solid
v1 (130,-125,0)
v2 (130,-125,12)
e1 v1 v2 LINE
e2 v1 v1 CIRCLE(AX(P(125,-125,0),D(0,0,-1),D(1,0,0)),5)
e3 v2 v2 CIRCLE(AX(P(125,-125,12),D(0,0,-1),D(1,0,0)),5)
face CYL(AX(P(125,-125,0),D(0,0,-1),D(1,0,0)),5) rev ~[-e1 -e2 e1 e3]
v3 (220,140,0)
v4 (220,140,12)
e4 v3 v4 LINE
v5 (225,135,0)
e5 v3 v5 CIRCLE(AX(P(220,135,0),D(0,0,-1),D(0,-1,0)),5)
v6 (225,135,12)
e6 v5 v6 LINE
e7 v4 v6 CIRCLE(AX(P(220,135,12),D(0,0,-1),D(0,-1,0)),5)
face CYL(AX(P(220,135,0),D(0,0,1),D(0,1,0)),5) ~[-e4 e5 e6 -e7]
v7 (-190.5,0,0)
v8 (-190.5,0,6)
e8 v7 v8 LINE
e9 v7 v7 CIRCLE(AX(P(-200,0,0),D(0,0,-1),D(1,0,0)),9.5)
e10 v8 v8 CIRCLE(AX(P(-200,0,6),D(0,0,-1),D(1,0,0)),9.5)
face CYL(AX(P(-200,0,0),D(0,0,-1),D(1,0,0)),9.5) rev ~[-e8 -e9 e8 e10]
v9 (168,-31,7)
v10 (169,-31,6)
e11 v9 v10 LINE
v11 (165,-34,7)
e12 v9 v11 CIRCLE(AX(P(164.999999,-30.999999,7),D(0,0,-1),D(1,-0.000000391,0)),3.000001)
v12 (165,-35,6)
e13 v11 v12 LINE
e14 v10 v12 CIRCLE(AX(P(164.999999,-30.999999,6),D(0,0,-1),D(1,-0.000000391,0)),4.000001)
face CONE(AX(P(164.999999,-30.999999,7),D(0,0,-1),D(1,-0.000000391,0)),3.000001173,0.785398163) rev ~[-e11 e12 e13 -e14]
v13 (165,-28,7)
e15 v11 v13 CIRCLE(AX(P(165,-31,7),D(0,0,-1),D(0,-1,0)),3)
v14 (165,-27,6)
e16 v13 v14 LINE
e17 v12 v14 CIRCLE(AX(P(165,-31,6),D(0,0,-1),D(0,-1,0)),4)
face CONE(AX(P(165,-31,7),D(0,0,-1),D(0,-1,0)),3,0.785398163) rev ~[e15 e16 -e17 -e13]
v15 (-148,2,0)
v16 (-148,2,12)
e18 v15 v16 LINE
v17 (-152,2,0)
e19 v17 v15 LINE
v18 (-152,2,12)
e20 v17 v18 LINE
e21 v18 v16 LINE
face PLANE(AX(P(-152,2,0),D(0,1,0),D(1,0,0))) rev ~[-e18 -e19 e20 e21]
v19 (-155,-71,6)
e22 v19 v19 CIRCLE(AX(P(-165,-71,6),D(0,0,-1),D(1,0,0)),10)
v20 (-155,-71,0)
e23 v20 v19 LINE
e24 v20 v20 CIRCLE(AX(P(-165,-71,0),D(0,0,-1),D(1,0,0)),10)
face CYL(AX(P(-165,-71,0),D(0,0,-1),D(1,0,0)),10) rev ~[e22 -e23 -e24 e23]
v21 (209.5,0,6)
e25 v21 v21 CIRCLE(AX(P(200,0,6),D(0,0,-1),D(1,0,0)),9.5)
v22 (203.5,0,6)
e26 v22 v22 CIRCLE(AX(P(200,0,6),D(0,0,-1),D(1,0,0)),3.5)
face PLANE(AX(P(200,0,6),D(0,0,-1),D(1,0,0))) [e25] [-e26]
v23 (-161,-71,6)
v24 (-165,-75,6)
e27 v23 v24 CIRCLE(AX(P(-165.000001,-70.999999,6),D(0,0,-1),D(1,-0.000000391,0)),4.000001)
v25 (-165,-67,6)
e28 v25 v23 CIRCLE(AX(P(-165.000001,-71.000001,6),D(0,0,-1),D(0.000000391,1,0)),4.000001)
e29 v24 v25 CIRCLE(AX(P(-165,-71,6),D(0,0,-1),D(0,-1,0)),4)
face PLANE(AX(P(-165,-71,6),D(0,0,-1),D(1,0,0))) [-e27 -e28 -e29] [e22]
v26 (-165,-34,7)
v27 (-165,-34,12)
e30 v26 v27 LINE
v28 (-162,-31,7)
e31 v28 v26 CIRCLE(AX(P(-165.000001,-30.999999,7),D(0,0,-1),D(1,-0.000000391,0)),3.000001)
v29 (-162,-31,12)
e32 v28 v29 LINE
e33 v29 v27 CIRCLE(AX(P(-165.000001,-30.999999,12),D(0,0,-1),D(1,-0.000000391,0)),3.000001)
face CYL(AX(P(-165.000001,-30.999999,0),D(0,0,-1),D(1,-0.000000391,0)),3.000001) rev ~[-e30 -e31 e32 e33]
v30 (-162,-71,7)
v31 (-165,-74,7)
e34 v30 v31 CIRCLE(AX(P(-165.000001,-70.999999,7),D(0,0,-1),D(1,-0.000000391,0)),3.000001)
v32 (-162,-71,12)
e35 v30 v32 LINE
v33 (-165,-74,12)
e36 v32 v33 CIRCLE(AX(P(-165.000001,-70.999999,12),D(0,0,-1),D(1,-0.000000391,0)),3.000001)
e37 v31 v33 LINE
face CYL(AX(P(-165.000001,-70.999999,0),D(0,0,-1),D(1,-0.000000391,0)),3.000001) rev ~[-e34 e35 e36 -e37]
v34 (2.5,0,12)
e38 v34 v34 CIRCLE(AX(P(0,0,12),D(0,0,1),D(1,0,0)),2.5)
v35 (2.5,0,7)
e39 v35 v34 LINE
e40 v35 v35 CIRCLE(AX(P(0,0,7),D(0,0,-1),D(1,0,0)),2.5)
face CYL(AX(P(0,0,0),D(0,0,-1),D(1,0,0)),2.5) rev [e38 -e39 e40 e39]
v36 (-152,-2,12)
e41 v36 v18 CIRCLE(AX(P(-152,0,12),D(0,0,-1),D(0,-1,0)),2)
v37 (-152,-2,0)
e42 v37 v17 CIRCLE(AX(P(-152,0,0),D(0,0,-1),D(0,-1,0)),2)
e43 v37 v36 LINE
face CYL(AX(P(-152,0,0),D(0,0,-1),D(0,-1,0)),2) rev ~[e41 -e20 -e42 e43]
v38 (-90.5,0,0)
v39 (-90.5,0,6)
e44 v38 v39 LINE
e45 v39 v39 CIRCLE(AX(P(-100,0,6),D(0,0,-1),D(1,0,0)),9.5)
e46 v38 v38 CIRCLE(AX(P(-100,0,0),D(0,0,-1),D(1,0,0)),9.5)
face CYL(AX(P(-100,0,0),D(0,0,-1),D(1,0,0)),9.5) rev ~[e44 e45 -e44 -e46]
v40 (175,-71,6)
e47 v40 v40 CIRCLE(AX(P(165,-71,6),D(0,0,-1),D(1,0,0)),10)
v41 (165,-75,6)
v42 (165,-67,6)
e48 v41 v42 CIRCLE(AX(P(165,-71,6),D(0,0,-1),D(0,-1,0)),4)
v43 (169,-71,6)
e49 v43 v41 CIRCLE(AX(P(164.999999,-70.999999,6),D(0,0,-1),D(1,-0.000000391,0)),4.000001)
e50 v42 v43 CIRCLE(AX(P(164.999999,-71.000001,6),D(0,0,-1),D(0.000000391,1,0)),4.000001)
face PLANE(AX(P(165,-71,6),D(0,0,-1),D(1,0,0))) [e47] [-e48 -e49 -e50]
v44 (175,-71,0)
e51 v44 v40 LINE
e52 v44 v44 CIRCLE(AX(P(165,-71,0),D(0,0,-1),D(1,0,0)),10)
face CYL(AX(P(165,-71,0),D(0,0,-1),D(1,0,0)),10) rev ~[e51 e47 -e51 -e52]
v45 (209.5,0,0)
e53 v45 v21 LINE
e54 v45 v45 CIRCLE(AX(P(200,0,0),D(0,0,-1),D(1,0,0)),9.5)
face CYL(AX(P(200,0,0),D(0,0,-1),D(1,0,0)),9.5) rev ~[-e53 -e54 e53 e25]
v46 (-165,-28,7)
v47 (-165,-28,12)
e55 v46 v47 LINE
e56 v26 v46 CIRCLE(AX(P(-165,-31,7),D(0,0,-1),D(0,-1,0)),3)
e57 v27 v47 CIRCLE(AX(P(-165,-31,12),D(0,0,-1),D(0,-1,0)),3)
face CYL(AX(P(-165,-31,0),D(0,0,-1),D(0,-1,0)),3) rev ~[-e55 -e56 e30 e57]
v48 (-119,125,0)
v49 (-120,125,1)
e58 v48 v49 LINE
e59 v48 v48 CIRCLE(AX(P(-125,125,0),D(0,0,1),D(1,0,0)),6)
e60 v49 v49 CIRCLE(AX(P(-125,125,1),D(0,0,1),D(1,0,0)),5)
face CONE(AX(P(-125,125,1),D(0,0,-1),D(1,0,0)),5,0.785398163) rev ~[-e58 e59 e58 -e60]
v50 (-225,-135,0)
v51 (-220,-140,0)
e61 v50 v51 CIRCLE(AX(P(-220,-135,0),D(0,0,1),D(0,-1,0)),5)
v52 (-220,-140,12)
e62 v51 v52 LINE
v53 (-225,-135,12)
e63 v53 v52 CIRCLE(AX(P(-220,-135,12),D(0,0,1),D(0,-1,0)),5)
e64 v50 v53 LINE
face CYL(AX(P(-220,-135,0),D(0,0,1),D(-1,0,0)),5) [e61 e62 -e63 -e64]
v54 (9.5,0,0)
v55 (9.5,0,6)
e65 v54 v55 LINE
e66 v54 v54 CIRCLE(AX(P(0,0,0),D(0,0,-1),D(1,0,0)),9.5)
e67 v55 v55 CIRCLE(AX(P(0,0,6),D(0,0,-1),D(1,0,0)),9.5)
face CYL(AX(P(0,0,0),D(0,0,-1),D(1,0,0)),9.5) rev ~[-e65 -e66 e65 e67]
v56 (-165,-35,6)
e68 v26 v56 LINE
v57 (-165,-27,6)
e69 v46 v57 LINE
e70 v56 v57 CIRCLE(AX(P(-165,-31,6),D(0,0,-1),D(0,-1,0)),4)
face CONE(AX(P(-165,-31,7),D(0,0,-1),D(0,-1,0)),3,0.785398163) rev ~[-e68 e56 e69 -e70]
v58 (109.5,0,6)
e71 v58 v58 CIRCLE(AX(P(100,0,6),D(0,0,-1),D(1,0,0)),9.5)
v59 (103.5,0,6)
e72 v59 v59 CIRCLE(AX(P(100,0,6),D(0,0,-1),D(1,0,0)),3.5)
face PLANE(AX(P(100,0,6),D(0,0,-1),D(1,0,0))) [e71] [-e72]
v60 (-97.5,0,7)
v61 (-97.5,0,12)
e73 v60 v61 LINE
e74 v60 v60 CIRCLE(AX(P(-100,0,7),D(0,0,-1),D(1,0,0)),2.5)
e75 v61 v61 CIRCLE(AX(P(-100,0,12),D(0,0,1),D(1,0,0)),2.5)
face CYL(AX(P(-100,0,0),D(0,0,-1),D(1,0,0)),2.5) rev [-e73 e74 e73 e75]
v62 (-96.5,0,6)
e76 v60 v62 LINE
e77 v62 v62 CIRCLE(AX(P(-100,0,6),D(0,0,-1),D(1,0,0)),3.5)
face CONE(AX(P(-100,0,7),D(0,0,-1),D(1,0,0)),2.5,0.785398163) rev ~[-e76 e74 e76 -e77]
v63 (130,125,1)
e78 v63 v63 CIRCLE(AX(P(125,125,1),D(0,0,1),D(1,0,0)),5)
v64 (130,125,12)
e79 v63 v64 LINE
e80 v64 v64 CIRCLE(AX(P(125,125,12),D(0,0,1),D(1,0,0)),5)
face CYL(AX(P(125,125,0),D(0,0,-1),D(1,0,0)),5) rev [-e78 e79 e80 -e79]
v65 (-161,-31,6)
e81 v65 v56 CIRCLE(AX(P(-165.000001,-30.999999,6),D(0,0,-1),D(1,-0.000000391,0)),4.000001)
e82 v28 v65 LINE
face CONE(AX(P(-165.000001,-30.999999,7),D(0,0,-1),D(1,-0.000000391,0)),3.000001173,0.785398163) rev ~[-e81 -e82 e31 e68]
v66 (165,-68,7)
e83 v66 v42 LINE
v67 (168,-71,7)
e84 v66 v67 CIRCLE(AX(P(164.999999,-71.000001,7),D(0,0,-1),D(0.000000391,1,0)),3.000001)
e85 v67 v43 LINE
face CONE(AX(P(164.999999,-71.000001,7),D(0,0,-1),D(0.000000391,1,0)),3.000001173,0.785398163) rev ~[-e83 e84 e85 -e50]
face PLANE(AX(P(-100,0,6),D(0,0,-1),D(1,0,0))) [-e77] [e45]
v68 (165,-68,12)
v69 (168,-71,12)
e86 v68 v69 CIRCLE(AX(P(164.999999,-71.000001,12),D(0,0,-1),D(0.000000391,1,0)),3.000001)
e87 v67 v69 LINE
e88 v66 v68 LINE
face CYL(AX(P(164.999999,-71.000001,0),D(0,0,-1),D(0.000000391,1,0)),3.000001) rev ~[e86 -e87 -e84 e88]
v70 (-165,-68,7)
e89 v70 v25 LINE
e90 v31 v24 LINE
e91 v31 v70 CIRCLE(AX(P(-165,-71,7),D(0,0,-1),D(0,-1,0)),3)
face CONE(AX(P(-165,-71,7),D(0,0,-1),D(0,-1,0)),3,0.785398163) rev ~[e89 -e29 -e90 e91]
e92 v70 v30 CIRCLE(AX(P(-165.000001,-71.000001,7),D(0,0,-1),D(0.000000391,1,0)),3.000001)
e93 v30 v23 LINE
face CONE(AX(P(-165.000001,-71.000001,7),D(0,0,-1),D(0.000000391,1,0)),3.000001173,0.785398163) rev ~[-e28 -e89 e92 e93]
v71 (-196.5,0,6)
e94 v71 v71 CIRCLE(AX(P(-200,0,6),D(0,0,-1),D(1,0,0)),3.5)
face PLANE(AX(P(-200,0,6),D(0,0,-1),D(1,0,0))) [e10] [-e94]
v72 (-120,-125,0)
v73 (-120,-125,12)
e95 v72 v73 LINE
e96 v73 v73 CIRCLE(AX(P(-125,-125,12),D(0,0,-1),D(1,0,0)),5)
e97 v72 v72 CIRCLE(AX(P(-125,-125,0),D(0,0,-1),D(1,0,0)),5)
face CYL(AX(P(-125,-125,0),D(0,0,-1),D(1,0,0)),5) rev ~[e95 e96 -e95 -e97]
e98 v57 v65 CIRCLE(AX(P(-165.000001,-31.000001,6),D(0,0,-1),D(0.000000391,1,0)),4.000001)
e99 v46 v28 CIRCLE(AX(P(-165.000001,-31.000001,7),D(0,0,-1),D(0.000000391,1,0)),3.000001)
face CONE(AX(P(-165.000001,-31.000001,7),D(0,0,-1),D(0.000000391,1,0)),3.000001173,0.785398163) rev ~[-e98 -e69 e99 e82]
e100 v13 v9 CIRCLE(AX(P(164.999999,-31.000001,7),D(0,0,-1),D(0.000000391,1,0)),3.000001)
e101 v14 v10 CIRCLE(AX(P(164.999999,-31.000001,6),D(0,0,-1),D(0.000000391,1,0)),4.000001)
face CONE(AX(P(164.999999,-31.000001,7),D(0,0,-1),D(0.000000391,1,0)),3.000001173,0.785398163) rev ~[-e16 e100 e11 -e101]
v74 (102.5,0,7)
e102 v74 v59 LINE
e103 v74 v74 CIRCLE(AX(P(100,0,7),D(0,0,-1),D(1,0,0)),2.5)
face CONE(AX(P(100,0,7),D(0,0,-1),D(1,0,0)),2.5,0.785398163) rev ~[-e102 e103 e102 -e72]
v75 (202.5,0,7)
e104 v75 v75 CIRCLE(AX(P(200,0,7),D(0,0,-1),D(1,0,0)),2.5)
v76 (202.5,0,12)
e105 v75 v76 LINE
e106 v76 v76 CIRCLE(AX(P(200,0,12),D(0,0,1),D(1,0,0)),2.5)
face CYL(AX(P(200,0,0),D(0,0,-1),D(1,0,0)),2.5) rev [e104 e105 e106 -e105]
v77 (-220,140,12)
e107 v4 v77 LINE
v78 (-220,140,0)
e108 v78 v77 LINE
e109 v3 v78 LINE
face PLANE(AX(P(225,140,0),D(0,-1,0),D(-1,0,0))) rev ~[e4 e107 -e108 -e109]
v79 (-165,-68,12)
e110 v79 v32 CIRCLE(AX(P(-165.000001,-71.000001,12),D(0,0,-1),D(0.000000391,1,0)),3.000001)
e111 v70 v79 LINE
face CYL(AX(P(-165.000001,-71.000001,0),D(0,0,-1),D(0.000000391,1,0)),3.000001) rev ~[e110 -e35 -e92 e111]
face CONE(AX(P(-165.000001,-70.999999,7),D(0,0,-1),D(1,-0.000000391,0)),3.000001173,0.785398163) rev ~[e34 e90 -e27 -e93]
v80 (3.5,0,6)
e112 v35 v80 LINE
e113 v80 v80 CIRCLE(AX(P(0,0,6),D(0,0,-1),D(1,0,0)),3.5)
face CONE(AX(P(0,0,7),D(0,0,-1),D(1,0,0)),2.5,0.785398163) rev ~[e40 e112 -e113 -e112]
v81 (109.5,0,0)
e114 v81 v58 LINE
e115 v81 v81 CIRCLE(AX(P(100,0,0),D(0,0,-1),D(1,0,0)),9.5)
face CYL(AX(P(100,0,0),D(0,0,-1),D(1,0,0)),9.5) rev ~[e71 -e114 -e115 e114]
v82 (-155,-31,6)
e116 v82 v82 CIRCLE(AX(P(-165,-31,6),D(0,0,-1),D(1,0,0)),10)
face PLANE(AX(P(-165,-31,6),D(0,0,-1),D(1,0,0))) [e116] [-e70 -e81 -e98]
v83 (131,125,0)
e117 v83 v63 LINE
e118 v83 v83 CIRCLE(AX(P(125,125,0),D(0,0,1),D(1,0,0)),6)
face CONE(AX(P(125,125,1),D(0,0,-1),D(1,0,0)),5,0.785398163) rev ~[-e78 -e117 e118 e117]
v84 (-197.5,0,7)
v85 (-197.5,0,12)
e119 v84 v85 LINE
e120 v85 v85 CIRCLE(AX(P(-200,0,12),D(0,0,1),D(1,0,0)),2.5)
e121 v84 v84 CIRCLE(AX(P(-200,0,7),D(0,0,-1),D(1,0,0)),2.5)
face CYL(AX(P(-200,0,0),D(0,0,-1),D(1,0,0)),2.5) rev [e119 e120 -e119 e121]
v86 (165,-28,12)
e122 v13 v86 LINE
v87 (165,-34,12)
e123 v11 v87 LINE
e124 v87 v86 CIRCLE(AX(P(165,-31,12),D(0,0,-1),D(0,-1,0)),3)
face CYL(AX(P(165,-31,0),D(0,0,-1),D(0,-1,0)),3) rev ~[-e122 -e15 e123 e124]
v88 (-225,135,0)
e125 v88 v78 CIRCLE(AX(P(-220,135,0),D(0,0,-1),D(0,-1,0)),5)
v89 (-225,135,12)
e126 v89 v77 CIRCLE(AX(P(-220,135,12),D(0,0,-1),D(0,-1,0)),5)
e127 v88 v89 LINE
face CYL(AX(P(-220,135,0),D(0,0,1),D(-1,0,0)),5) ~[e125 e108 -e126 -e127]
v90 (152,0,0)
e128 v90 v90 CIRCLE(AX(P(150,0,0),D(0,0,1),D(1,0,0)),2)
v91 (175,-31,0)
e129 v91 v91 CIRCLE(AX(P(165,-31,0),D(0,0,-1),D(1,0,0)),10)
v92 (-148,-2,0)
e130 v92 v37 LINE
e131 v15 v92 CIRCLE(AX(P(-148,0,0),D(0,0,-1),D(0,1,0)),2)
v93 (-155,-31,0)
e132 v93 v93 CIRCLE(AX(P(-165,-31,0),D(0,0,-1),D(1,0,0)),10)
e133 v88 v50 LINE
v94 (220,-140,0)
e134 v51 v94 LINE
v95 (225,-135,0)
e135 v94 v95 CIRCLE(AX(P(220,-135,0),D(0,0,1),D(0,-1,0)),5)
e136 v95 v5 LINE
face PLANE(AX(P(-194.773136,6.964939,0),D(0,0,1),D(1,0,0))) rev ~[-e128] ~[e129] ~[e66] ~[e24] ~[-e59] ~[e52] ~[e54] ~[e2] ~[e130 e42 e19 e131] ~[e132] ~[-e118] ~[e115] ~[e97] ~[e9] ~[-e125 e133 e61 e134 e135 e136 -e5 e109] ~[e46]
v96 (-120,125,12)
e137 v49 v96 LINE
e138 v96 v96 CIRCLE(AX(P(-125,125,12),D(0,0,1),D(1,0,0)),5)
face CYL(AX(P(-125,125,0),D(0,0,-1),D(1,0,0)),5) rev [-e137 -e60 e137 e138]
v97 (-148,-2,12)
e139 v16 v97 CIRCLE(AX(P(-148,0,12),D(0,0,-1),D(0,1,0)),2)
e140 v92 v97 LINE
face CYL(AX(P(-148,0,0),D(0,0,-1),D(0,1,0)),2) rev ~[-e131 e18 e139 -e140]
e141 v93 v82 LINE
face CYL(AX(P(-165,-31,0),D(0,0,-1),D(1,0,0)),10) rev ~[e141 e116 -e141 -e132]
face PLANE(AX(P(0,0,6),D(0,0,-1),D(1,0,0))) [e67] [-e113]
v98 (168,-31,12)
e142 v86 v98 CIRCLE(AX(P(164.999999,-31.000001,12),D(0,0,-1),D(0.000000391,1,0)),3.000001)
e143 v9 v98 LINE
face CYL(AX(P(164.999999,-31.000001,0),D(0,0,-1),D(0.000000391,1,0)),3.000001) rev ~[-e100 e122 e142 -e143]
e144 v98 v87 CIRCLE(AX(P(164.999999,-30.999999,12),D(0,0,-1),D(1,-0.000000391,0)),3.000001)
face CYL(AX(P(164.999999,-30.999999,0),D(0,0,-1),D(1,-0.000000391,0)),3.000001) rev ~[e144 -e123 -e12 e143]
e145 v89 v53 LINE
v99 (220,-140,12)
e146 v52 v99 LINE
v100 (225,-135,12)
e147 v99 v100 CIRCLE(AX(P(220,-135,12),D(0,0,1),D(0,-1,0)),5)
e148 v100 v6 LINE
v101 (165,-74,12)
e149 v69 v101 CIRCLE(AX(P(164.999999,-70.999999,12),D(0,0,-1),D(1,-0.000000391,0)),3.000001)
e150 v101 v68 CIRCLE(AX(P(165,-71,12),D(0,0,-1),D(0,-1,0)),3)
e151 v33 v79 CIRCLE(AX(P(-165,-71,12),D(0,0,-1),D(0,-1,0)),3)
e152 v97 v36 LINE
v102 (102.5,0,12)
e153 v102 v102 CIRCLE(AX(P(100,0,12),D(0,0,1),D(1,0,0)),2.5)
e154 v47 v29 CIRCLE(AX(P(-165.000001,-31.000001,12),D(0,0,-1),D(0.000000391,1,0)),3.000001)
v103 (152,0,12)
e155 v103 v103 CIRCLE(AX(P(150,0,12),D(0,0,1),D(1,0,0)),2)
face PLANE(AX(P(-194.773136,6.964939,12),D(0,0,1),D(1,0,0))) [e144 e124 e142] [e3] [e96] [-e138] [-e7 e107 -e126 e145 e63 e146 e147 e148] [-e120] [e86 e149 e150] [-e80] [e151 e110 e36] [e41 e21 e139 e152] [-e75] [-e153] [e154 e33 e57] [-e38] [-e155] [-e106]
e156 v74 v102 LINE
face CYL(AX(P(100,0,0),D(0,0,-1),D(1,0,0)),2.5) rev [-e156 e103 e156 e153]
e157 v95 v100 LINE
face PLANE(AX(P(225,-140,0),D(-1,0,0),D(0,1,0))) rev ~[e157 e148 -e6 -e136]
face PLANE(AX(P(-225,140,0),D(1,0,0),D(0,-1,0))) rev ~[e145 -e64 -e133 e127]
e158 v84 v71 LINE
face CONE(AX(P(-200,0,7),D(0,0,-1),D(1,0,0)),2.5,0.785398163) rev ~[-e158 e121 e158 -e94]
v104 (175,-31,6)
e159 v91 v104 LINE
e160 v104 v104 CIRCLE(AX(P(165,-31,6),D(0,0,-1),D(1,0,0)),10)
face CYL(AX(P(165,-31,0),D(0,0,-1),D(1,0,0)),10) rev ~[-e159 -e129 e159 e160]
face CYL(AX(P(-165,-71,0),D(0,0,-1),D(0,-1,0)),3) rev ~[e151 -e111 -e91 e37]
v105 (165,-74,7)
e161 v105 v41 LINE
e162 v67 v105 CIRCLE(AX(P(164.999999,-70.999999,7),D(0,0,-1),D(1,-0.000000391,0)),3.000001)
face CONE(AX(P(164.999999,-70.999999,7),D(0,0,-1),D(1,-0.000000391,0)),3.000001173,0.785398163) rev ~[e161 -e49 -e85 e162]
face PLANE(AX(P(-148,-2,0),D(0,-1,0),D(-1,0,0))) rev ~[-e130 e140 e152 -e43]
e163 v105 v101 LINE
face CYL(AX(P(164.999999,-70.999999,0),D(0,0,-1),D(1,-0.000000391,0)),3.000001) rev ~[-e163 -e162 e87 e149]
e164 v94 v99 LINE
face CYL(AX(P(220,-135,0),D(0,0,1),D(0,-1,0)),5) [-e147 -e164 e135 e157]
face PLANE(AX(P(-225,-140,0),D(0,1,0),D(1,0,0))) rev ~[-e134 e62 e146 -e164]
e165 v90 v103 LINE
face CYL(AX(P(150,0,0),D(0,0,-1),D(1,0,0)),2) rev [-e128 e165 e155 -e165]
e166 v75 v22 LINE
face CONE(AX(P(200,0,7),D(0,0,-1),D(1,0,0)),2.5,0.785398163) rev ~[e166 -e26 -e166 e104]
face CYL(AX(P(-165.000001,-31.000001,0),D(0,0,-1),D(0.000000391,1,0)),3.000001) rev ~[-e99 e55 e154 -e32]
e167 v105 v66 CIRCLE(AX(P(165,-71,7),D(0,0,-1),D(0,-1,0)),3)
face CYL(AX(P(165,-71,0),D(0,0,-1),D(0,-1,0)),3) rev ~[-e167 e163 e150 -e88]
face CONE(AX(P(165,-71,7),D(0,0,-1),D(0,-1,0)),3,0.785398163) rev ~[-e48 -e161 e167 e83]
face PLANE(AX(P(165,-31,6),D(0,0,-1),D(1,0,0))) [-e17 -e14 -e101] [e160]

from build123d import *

# Parameters (mm, degrees)
F0_R     = 2.5
F0_R_2   = 5
F0_R_3   = 2
F0_W     = 60
F0_H     = 15
F1_DEPTH = 12
F2_R     = 10
F2_R_2   = 9.5
F3_DEPTH = 6
F4_R     = 5
F5_SIZE  = 1


with BuildPart() as f1:
    # F0 (on Top) → F1 (new body)
    with BuildSketch(Plane.XY):
        with BuildLine():
            Line((-165, 140), (-225, 140))
            Line((-225, 140), (-225, -125))
            Line((-225, -125), (-165, -125))
            Line((-165, -125), (-165, -74))
            ThreePointArc((-165, -74), (-168, -71), (-165, -68))
            Line((-165, -68), (-165, -34))
            ThreePointArc((-165, -34), (-168, -31), (-165, -28))
            Line((-165, -28), (-165, 140))
        make_face()
        with Locations((-200, 0)):
            Circle(F0_R, mode=Mode.SUBTRACT)
        with BuildLine():
            Line((165, 140), (-165, 140))
            Line((-165, 140), (-165, -28))
            ThreePointArc((-165, -28), (-162.87868, -28.87868), (-162, -31))
            ThreePointArc((-162, -31), (-162.87868, -33.12132), (-165, -34))
            Line((-165, -34), (-165, -68))
            ThreePointArc((-165, -68), (-162.87868, -68.87868), (-162, -71))
            ThreePointArc((-162, -71), (-162.87868, -73.12132), (-165, -74))
            Line((-165, -74), (-165, -125))
            Line((-165, -125), (-130, -125))
            ThreePointArc((-130, -125), (-125, -120), (-120, -125))
            Line((-120, -125), (120, -125))
            ThreePointArc((120, -125), (125, -120), (130, -125))
            Line((130, -125), (165, -125))
            Line((165, -125), (165, -74))
            ThreePointArc((165, -74), (162, -71), (165, -68))
            Line((165, -68), (165, -34))
            ThreePointArc((165, -34), (162, -31), (165, -28))
            Line((165, -28), (165, 140))
        make_face()
        with BuildLine():
            ThreePointArc((-148, 2), (-146, 0), (-148, -2))
            Line((-148, -2), (-152, -2))
            ThreePointArc((-152, -2), (-154, 0), (-152, 2))
            Line((-152, 2), (-148, 2))
        make_face(mode=Mode.SUBTRACT)
        with Locations((-100, 0)):
            Circle(F0_R, mode=Mode.SUBTRACT)
        with Locations((-125, 125)):
            Circle(F0_R_2, mode=Mode.SUBTRACT)
        Circle(F0_R, mode=Mode.SUBTRACT)
        with Locations((100, 0)):
            Circle(F0_R, mode=Mode.SUBTRACT)
        with Locations((150, 0)):
            Circle(F0_R_3, mode=Mode.SUBTRACT)
        with Locations((125, 125)):
            Circle(F0_R_2, mode=Mode.SUBTRACT)
        with Locations((-195, -132.5)):
            Rectangle(F0_W, F0_H)
        with BuildLine():
            Line((225, 140), (165, 140))
            Line((165, 140), (165, -28))
            ThreePointArc((165, -28), (167.12132, -28.87868), (168, -31))
            ThreePointArc((168, -31), (167.12132, -33.12132), (165, -34))
            Line((165, -34), (165, -68))
            ThreePointArc((165, -68), (167.12132, -68.87868), (168, -71))
            ThreePointArc((168, -71), (167.12132, -73.12132), (165, -74))
            Line((165, -74), (165, -125))
            Line((165, -125), (225, -125))
            Line((225, -125), (225, 140))
        make_face()
        with Locations((200, 0)):
            Circle(F0_R, mode=Mode.SUBTRACT)
        with BuildLine():
            Line((-130, -125), (-165, -125))
            Line((-165, -125), (-165, -140))
            Line((-165, -140), (165, -140))
            Line((165, -140), (165, -125))
            Line((165, -125), (130, -125))
            ThreePointArc((130, -125), (125, -130), (120, -125))
            Line((120, -125), (-120, -125))
            ThreePointArc((-120, -125), (-125, -130), (-130, -125))
        make_face()
        with Locations((195, -132.5)):
            Rectangle(F0_W, F0_H)
    extrude(amount=F1_DEPTH)

    # F2 (on face) → F3 (cut)
    with BuildSketch(Plane(origin=(0, 0, 0), x_dir=(1, 0, 0), z_dir=(0, 0, -1))):
        with Locations((-165, 71)):
            Circle(F2_R)
        with Locations((165, 71)):
            Circle(F2_R)
        with Locations((165, 31)):
            Circle(F2_R)
        with Locations((-165, 31)):
            Circle(F2_R)
        with Locations((-100, 0)):
            Circle(F2_R_2)
        with Locations((-200, 0)):
            Circle(F2_R_2)
        with Locations((100, 0)):
            Circle(F2_R_2)
        Circle(F2_R_2)
        with Locations((200, 0)):
            Circle(F2_R_2)
    extrude(amount=-F3_DEPTH, mode=Mode.SUBTRACT)

    # F4
    f4_edges = [f1.edges().sort_by_distance(p)[0] for p in [
        (-225, -140, 6),
        (225, -140, 6),
        (225, 140, 6),
        (-225, 140, 6),
    ]]
    fillet(f4_edges, radius=F4_R)

    # F5
    f5_edges = [f1.edges().sort_by_distance(p)[0] for p in [
        (197.5, 0, 6),
        (97.5, 0, 6),
        (-202.5, 0, 6),
        (-102.5, 0, 6),
        (-2.5, 0, 6),
        (165, -68, 6),
        (165, -28, 6),
        (120, 125, 0),
        (-130, 125, 0),
        (-165, -28, 6),
        (-165, -68, 6),
    ]]
    chamfer(f5_edges, length=F5_SIZE)


solid = f1.part
